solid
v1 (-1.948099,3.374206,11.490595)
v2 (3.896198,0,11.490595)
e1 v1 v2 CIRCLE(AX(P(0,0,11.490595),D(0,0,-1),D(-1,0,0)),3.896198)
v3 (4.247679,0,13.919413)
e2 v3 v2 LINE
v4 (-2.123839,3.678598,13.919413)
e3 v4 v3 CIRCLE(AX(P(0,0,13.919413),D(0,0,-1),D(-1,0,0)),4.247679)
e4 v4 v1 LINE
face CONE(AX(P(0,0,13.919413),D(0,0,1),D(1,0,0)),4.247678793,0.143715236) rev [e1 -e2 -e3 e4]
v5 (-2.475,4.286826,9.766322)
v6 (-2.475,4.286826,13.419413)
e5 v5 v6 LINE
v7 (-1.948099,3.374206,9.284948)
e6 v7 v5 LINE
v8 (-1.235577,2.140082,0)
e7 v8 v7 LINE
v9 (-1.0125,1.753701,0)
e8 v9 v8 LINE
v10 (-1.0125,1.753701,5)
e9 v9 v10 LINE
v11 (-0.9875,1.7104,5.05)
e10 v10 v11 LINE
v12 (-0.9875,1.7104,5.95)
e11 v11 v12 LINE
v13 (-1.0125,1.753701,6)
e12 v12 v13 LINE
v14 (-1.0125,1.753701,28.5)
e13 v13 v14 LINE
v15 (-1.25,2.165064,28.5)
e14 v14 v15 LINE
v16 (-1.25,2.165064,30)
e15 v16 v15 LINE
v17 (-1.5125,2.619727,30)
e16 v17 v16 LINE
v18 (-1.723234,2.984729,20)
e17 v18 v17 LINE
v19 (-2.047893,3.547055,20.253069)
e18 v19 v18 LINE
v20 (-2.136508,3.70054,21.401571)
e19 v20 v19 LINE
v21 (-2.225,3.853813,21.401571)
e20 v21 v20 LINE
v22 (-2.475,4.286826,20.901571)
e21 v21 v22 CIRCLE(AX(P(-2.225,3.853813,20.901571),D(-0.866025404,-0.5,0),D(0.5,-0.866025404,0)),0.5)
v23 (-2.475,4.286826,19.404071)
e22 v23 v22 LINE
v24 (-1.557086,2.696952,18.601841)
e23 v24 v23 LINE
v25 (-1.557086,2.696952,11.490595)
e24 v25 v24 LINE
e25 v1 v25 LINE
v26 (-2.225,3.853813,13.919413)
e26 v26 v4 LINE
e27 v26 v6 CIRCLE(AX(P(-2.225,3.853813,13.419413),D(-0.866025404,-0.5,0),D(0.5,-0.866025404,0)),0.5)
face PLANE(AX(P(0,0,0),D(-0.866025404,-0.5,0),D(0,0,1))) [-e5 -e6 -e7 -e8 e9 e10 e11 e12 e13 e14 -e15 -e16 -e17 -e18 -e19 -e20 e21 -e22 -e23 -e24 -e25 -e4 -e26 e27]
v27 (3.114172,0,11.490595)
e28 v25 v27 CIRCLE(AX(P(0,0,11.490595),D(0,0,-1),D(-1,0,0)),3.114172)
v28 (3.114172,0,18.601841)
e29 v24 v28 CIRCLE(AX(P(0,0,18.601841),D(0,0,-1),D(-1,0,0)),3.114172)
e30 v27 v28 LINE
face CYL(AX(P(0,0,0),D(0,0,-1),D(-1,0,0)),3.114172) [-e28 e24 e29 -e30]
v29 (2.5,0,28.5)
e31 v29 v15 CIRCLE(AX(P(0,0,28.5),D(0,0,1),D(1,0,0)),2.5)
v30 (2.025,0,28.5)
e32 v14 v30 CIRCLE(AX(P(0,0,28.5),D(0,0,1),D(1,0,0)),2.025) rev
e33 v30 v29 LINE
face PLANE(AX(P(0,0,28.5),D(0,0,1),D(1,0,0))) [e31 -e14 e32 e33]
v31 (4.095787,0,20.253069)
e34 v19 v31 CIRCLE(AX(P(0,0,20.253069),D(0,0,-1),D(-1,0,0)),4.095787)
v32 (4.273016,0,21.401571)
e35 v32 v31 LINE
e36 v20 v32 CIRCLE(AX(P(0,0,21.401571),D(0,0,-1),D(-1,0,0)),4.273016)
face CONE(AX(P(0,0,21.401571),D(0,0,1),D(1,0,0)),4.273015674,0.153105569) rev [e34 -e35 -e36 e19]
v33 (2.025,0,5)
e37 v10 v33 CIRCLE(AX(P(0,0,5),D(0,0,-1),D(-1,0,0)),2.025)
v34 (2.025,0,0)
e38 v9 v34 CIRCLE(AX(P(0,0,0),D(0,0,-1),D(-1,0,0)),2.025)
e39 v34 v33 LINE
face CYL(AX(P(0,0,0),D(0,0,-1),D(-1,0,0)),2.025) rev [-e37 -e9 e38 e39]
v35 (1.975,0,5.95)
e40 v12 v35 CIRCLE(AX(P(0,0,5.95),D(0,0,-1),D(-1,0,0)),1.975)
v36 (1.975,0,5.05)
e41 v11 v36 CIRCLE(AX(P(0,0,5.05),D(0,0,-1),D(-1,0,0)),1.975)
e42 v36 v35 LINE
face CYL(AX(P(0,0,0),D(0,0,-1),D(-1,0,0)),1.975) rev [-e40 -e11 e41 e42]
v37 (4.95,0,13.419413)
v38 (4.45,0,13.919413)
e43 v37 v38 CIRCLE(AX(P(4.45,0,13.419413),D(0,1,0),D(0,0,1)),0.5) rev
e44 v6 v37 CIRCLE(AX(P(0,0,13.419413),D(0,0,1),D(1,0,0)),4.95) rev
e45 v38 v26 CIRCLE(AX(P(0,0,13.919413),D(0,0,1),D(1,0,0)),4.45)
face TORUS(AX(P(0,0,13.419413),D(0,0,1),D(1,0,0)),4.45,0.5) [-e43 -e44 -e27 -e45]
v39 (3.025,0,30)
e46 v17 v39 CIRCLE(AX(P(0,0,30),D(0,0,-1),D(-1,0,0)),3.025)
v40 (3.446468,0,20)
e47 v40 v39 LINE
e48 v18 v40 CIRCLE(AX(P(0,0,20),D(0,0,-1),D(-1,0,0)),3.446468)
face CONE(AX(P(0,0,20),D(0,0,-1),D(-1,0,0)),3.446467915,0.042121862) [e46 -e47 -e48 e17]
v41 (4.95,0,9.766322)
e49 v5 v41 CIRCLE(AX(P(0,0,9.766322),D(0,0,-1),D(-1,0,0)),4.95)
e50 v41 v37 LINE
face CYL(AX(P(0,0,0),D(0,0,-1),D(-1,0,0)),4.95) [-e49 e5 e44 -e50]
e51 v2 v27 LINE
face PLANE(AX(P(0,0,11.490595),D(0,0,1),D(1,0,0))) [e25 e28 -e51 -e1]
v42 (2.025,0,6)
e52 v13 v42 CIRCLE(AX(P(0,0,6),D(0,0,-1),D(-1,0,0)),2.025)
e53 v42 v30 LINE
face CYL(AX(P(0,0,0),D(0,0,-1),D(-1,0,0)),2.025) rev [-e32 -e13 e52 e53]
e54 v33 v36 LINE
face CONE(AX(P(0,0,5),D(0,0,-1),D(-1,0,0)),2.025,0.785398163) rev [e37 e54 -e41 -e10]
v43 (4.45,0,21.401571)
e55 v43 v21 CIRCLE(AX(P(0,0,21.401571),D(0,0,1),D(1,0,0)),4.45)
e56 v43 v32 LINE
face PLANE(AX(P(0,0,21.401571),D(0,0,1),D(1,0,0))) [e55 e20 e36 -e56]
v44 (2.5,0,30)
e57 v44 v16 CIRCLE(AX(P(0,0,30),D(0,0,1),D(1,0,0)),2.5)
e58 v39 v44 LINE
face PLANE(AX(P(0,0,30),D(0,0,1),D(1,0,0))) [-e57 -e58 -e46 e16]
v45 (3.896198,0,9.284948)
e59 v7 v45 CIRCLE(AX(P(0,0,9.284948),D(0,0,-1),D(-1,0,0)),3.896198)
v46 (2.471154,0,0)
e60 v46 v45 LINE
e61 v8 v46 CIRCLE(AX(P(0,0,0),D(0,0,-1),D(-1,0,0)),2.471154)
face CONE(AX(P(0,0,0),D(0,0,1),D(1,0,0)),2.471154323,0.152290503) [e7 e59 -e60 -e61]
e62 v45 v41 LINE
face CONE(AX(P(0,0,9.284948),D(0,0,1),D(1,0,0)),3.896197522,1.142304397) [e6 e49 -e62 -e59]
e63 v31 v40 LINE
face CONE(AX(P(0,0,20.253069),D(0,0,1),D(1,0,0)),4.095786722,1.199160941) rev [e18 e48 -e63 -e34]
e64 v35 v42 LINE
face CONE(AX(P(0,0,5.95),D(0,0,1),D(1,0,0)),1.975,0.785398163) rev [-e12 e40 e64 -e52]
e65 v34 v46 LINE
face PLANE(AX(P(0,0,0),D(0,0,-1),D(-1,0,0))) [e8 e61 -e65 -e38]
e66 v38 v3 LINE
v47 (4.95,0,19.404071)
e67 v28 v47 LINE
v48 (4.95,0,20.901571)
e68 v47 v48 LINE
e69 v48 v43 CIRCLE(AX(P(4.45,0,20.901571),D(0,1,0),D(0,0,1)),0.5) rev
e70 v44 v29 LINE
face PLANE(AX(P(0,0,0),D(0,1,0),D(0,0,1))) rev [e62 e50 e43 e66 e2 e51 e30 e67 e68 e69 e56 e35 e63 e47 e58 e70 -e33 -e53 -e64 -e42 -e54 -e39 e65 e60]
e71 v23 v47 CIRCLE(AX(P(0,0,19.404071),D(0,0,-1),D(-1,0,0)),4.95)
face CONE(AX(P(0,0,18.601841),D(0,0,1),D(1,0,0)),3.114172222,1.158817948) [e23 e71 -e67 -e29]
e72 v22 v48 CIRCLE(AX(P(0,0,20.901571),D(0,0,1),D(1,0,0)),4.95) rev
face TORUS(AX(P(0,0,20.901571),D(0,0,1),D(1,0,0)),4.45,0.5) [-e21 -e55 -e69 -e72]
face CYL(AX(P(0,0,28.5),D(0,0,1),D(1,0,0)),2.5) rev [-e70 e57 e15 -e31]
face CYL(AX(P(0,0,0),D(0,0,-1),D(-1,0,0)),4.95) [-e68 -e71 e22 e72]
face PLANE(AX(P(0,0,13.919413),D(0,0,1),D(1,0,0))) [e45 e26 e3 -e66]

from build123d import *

# Parameters (mm, degrees)
REVOLVE_1_ANGLE     = 120
SKETCH_3_R          = 2.5
CUT_EXTRUDE_1_DEPTH = 1.5
FILLET_1_R          = 0.5


with BuildPart() as part:
    # 스케치2 → 회전1 (revolve)
    with BuildSketch(Plane(origin=(0, 0, 0), x_dir=(1, 0, 0), z_dir=(0, 1, 0))):
        Polygon((3.025, -30), (2.025, -30), (2.025, -6), (1.975, -5.95), (1.975, -5.05), (2.025, -5), (2.025, 0), (2.471154323, 0), (3.896197522, -9.284948012), (4.95, -9.76632184), (4.95, -13.919413001), (4.247678793, -13.919413001), (3.896197522, -11.490595407), (3.114172222, -11.490595407), (3.114172222, -18.601840787), (4.95, -19.404070604), (4.95, -21.401570634), (4.273015674, -21.401570634), (4.095786722, -20.253069256), (3.446467915, -20), align=None)
    revolve(axis=Axis((0, 0, 0), (0, 0, 1)), revolution_arc=REVOLVE_1_ANGLE)

    # 스케치3 → 컷-돌출1 (cut)
    with BuildSketch(Plane.XY.offset(30)):
        Circle(SKETCH_3_R)
    extrude(amount=-CUT_EXTRUDE_1_DEPTH, mode=Mode.SUBTRACT)

    # 필렛1
    fillet_1_edges = [part.edges().sort_by_distance(p)[0] for p in [
        (2.475, 4.286825749, 13.919413001),
        (2.475, 4.286825749, 21.401570634),
    ]]
    fillet(fillet_1_edges, radius=FILLET_1_R)


solid = part.part
